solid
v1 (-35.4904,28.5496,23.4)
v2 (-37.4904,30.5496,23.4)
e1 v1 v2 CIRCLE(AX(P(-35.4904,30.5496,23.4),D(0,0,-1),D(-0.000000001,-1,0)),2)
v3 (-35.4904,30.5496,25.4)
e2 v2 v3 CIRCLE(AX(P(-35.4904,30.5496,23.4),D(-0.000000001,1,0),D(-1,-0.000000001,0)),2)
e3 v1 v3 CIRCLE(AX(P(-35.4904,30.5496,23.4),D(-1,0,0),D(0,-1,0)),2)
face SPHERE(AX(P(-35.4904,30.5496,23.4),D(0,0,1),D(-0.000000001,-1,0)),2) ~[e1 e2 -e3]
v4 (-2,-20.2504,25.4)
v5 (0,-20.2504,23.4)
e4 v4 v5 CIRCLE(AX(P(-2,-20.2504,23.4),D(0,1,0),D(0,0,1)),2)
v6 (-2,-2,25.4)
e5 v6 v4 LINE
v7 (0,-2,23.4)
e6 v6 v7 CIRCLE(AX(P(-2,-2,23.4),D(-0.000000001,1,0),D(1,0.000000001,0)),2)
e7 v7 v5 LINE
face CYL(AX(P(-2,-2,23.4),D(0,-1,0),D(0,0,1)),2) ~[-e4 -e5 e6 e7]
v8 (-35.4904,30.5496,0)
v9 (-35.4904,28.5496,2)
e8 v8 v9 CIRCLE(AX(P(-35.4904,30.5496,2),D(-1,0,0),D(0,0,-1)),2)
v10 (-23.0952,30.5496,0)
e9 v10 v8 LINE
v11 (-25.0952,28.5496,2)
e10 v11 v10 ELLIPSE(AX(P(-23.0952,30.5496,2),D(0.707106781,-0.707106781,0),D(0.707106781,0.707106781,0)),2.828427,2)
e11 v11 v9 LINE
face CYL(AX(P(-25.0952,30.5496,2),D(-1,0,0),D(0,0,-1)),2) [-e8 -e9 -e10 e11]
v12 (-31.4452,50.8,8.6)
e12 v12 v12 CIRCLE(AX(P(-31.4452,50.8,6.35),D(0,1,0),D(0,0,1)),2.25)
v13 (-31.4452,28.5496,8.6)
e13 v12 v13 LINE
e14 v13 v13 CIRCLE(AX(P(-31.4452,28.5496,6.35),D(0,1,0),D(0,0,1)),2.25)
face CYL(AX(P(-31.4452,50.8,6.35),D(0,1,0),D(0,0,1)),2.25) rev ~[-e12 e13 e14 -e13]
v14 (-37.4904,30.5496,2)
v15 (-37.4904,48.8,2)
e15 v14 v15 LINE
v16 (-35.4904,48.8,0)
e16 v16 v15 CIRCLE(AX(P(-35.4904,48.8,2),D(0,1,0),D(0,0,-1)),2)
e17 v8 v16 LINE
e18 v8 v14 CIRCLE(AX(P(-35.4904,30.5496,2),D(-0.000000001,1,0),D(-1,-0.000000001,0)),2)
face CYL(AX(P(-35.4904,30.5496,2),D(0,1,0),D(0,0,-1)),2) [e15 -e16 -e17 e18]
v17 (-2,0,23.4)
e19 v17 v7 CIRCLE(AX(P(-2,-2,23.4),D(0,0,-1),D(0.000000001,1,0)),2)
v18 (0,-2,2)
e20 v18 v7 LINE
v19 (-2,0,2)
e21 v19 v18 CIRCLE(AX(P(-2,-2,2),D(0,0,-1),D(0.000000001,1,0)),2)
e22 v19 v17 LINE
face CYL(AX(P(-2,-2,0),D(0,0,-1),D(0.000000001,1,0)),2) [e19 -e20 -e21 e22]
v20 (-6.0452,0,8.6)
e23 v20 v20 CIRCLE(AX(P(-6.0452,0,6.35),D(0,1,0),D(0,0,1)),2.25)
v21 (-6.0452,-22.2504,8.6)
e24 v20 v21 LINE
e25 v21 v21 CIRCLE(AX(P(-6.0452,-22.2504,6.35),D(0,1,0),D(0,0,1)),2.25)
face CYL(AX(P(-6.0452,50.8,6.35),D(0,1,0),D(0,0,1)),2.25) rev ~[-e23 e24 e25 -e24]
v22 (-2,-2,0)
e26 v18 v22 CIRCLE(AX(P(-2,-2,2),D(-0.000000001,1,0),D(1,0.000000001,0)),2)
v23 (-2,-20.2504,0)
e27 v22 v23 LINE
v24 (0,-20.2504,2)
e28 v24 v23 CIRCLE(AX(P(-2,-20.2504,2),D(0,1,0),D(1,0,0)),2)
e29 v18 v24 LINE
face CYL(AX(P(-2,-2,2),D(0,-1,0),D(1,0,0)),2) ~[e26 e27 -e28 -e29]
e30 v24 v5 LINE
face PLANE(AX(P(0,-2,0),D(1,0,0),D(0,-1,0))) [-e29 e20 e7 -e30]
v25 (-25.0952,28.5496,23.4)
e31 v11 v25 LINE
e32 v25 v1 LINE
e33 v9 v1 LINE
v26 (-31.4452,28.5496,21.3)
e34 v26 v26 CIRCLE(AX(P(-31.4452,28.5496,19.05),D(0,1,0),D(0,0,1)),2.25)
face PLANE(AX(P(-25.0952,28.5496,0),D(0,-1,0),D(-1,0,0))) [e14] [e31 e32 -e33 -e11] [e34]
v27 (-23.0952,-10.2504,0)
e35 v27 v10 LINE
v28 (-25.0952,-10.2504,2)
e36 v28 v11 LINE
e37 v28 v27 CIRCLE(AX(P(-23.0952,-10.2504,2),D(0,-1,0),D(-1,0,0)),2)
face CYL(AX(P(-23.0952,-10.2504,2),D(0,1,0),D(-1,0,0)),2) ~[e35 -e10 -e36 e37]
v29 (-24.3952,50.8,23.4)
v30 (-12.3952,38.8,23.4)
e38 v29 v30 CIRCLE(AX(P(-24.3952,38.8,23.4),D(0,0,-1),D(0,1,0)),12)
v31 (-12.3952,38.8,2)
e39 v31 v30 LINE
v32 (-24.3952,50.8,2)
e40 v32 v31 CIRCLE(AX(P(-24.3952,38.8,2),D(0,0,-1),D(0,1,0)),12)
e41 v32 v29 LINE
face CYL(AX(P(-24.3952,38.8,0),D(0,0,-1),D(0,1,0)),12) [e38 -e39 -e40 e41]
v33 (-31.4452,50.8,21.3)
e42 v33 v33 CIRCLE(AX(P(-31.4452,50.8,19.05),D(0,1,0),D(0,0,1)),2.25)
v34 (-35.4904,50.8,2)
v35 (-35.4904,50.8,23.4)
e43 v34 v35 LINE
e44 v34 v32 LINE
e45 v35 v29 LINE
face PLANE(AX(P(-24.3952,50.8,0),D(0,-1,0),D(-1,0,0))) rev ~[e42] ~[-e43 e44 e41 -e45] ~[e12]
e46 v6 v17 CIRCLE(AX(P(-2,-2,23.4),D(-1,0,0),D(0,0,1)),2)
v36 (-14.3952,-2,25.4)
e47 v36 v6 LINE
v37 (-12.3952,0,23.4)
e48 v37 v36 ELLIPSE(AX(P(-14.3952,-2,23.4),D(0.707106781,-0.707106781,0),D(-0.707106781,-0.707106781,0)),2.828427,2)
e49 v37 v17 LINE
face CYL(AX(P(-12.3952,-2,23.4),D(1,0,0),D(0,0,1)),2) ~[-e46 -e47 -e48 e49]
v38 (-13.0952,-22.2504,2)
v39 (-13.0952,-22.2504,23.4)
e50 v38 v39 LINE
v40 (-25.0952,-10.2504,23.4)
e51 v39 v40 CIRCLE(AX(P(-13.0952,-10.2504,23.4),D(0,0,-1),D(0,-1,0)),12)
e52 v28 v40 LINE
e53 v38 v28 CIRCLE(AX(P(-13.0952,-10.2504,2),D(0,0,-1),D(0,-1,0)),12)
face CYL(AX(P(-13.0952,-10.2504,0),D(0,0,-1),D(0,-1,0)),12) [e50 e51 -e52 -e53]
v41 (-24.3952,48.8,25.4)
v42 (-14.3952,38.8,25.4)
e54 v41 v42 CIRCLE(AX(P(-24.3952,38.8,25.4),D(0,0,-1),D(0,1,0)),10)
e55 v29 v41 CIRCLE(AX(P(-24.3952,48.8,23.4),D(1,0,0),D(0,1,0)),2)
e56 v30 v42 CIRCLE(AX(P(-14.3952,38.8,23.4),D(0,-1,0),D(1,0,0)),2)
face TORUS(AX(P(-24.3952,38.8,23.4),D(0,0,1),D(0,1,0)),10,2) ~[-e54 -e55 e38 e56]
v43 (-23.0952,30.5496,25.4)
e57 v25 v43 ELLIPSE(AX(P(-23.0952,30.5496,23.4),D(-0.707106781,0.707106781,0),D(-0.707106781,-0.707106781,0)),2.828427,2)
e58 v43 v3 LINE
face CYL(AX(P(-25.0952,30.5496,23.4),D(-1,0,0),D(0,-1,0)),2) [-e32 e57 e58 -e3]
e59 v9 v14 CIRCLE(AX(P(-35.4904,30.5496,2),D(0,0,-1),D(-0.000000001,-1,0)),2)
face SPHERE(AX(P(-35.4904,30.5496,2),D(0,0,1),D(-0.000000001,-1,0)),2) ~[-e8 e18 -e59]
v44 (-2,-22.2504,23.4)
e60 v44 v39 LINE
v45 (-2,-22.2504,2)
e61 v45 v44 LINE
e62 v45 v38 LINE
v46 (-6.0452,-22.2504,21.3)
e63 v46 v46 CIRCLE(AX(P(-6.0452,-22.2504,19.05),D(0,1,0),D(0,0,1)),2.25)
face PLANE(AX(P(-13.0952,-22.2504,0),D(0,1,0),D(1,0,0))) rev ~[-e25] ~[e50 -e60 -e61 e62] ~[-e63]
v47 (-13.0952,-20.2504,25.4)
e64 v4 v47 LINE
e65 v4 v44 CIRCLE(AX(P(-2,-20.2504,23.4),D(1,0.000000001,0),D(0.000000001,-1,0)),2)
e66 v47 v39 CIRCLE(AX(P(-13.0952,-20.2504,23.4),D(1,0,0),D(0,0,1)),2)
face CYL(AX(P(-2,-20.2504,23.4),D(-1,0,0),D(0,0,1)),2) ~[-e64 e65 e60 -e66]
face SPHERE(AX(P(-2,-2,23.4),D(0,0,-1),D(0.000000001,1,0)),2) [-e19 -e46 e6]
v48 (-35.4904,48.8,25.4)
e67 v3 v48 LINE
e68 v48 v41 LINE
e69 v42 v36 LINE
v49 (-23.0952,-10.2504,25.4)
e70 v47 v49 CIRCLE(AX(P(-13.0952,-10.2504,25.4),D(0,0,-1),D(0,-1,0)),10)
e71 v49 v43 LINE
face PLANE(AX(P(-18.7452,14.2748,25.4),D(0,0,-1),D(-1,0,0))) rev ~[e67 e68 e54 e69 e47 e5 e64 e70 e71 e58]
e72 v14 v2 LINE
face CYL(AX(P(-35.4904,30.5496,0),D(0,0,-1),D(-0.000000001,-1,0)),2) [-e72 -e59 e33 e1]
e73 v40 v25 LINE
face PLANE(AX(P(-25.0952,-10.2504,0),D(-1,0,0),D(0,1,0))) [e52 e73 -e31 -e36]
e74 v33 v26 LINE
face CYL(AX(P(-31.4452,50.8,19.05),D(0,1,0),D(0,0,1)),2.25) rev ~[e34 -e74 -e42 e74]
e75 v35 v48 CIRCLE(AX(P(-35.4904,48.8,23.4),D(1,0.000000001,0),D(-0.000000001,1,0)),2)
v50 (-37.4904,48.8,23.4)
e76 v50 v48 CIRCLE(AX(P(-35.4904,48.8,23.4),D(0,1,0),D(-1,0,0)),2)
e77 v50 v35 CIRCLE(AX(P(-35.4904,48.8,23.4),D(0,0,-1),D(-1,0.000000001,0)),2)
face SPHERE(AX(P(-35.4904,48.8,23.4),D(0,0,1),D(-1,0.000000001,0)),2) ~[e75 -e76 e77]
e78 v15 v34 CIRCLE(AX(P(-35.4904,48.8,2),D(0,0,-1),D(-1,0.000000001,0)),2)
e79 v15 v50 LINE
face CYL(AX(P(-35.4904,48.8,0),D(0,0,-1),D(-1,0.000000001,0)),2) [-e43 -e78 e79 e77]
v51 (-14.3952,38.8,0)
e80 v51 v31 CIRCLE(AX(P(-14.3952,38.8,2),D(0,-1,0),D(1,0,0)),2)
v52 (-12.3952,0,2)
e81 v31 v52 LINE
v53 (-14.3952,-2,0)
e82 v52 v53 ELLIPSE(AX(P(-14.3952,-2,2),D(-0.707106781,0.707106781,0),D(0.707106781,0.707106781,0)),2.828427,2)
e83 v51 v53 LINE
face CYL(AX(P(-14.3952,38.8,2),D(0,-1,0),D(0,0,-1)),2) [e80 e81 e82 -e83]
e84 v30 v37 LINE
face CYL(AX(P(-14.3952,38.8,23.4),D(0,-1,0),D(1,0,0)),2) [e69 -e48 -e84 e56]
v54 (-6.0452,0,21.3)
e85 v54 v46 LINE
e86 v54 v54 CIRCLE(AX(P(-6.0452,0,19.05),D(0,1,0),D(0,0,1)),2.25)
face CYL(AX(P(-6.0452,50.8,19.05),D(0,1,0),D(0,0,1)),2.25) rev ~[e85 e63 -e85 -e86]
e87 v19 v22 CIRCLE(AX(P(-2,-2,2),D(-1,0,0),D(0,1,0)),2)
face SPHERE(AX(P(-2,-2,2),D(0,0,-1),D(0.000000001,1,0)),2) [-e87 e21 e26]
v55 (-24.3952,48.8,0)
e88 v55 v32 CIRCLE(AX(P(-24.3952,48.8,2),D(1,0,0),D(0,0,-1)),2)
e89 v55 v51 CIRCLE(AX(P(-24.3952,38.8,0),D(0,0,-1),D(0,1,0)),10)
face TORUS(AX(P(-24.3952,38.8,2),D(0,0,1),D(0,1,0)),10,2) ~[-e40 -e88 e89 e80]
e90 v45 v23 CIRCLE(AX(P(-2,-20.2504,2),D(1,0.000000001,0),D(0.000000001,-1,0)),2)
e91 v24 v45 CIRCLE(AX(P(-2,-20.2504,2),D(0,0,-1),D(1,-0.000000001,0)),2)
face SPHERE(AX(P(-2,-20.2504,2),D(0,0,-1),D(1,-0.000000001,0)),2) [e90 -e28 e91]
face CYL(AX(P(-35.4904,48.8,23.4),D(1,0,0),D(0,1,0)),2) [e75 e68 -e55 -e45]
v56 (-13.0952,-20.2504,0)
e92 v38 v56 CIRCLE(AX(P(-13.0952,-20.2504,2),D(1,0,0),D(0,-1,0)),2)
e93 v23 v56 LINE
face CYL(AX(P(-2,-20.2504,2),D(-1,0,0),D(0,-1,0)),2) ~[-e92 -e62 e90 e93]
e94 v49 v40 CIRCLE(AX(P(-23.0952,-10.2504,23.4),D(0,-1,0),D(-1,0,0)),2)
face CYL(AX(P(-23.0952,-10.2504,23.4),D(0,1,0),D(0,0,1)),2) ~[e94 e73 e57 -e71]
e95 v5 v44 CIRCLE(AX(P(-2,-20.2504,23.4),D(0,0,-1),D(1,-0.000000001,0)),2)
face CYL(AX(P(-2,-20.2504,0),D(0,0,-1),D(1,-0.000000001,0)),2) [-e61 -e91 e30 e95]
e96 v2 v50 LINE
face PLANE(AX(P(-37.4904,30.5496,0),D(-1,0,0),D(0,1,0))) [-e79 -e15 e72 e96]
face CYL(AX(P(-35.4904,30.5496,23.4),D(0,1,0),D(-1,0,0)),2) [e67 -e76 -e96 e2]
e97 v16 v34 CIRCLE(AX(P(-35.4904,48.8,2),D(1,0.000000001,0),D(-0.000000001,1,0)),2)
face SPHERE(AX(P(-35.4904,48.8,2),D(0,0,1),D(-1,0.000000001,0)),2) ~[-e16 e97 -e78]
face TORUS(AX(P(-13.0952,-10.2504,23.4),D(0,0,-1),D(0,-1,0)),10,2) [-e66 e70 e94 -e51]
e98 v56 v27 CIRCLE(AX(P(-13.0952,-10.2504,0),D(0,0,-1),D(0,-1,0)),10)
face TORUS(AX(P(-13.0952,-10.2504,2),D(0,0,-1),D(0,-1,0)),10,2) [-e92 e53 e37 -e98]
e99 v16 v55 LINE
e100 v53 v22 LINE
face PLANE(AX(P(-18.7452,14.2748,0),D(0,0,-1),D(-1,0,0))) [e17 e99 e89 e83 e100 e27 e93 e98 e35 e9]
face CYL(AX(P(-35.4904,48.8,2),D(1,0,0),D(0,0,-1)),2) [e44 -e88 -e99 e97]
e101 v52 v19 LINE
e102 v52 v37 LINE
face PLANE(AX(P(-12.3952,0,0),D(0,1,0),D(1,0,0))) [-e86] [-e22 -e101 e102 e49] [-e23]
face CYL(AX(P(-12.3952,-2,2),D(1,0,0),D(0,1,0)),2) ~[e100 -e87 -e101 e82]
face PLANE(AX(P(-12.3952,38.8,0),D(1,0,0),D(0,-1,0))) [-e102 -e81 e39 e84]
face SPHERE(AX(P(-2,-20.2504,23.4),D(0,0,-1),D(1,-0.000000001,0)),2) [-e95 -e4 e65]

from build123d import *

# Parameters (mm, degrees)
BOSS_EXTRUDE1_DEPTH = 25.4
SKETCH2_R           = 2.25
CUT_EXTRUDE1_DEPTH  = 86.94795537
FILLET1_R           = 2


with BuildPart() as part:
    # Sketch1 → Boss-Extrude1 (new body)
    with BuildSketch(Plane.XY):
        with BuildLine():
            Line((-12.3952, 38.8), (-12.3952, 0))
            Line((-12.3952, 0), (-12.3952, -22.2504))
            Line((-12.3952, -22.2504), (-13.0952, -22.2504))
            ThreePointArc((-13.0952, -22.2504), (-21.580481374, -18.735681374), (-25.0952, -10.2504))
            Line((-25.0952, -10.2504), (-25.0952, 28.5496))
            Line((-25.0952, 28.5496), (-25.0952, 50.8))
            Line((-25.0952, 50.8), (-24.3952, 50.8))
            ThreePointArc((-24.3952, 50.8), (-15.909918626, 47.285281374), (-12.3952, 38.8))
        make_face()
        with BuildLine():
            ThreePointArc((-37.4904, 48.8), (-36.904613562, 50.214213562), (-35.4904, 50.8))
            Line((-35.4904, 50.8), (-25.0952, 50.8))
            Line((-25.0952, 50.8), (-25.0952, 28.5496))
            Line((-25.0952, 28.5496), (-35.4904, 28.5496))
            ThreePointArc((-35.4904, 28.5496), (-36.904613562, 29.135386438), (-37.4904, 30.5496))
            Line((-37.4904, 30.5496), (-37.4904, 48.8))
        make_face()
        with BuildLine():
            ThreePointArc((0, -20.2504), (-0.585786438, -21.664613562), (-2, -22.2504))
            Line((-2, -22.2504), (-12.3952, -22.2504))
            Line((-12.3952, -22.2504), (-12.3952, 0))
            Line((-12.3952, 0), (-2, 0))
            ThreePointArc((-2, 0), (-0.585786438, -0.585786438), (0, -2))
            Line((0, -2), (0, -20.2504))
        make_face()
    extrude(amount=BOSS_EXTRUDE1_DEPTH)

    # Sketch2 → Cut-Extrude1 (cut, through all)
    with BuildSketch(Plane(origin=(0, 50.8, 0), x_dir=(1, 0, 0), z_dir=(0, 1, 0))):
        with Locations(Location((-31.4452, -6.35, 0), (0, 0, 270))):
            Circle(SKETCH2_R)
        with Locations(Location((-31.4452, -19.05, 0), (0, 0, 270))):
            Circle(SKETCH2_R)
        with Locations(Location((-6.0452, -6.35, 0), (0, 0, 270))):
            Circle(SKETCH2_R)
        with Locations(Location((-6.0452, -19.05, 0), (0, 0, 270))):
            Circle(SKETCH2_R)
    extrude(amount=-CUT_EXTRUDE1_DEPTH, mode=Mode.SUBTRACT)

    # Fillet1
    fillet1_edges = [part.edges().sort_by_distance(p)[0] for p in [
        (-15.909918626, 47.285281374, 25.4),
        (-29.9428, 50.8, 25.4),
        (-7.1976, 0, 0),
        (-0.585786438, -0.585786438, 0),
        (0, -11.1252, 0),
        (-0.585786438, -21.664613562, 0),
        (-7.5476, -22.2504, 0),
        (-21.580481374, -18.735681374, 0),
        (-25.0952, 9.1496, 0),
        (-30.2928, 28.5496, 0),
        (-36.904613562, 29.135386438, 0),
        (-37.4904, 39.6748, 0),
        (-36.904613562, 50.214213562, 0),
        (-29.9428, 50.8, 0),
        (-15.909918626, 47.285281374, 0),
        (-36.904613562, 50.214213562, 25.4),
        (-12.3952, 19.4, 0),
        (-37.4904, 39.6748, 25.4),
        (-36.904613562, 29.135386438, 25.4),
        (-30.2928, 28.5496, 25.4),
        (-25.0952, 9.1496, 25.4),
        (-21.580481374, -18.735681374, 25.4),
        (-12.3952, 19.4, 25.4),
        (-7.5476, -22.2504, 25.4),
        (-0.585786438, -21.664613562, 25.4),
        (0, -11.1252, 25.4),
        (-0.585786438, -0.585786438, 25.4),
        (-7.1976, 0, 25.4),
    ]]
    fillet(fillet1_edges, radius=FILLET1_R)


solid = part.part
